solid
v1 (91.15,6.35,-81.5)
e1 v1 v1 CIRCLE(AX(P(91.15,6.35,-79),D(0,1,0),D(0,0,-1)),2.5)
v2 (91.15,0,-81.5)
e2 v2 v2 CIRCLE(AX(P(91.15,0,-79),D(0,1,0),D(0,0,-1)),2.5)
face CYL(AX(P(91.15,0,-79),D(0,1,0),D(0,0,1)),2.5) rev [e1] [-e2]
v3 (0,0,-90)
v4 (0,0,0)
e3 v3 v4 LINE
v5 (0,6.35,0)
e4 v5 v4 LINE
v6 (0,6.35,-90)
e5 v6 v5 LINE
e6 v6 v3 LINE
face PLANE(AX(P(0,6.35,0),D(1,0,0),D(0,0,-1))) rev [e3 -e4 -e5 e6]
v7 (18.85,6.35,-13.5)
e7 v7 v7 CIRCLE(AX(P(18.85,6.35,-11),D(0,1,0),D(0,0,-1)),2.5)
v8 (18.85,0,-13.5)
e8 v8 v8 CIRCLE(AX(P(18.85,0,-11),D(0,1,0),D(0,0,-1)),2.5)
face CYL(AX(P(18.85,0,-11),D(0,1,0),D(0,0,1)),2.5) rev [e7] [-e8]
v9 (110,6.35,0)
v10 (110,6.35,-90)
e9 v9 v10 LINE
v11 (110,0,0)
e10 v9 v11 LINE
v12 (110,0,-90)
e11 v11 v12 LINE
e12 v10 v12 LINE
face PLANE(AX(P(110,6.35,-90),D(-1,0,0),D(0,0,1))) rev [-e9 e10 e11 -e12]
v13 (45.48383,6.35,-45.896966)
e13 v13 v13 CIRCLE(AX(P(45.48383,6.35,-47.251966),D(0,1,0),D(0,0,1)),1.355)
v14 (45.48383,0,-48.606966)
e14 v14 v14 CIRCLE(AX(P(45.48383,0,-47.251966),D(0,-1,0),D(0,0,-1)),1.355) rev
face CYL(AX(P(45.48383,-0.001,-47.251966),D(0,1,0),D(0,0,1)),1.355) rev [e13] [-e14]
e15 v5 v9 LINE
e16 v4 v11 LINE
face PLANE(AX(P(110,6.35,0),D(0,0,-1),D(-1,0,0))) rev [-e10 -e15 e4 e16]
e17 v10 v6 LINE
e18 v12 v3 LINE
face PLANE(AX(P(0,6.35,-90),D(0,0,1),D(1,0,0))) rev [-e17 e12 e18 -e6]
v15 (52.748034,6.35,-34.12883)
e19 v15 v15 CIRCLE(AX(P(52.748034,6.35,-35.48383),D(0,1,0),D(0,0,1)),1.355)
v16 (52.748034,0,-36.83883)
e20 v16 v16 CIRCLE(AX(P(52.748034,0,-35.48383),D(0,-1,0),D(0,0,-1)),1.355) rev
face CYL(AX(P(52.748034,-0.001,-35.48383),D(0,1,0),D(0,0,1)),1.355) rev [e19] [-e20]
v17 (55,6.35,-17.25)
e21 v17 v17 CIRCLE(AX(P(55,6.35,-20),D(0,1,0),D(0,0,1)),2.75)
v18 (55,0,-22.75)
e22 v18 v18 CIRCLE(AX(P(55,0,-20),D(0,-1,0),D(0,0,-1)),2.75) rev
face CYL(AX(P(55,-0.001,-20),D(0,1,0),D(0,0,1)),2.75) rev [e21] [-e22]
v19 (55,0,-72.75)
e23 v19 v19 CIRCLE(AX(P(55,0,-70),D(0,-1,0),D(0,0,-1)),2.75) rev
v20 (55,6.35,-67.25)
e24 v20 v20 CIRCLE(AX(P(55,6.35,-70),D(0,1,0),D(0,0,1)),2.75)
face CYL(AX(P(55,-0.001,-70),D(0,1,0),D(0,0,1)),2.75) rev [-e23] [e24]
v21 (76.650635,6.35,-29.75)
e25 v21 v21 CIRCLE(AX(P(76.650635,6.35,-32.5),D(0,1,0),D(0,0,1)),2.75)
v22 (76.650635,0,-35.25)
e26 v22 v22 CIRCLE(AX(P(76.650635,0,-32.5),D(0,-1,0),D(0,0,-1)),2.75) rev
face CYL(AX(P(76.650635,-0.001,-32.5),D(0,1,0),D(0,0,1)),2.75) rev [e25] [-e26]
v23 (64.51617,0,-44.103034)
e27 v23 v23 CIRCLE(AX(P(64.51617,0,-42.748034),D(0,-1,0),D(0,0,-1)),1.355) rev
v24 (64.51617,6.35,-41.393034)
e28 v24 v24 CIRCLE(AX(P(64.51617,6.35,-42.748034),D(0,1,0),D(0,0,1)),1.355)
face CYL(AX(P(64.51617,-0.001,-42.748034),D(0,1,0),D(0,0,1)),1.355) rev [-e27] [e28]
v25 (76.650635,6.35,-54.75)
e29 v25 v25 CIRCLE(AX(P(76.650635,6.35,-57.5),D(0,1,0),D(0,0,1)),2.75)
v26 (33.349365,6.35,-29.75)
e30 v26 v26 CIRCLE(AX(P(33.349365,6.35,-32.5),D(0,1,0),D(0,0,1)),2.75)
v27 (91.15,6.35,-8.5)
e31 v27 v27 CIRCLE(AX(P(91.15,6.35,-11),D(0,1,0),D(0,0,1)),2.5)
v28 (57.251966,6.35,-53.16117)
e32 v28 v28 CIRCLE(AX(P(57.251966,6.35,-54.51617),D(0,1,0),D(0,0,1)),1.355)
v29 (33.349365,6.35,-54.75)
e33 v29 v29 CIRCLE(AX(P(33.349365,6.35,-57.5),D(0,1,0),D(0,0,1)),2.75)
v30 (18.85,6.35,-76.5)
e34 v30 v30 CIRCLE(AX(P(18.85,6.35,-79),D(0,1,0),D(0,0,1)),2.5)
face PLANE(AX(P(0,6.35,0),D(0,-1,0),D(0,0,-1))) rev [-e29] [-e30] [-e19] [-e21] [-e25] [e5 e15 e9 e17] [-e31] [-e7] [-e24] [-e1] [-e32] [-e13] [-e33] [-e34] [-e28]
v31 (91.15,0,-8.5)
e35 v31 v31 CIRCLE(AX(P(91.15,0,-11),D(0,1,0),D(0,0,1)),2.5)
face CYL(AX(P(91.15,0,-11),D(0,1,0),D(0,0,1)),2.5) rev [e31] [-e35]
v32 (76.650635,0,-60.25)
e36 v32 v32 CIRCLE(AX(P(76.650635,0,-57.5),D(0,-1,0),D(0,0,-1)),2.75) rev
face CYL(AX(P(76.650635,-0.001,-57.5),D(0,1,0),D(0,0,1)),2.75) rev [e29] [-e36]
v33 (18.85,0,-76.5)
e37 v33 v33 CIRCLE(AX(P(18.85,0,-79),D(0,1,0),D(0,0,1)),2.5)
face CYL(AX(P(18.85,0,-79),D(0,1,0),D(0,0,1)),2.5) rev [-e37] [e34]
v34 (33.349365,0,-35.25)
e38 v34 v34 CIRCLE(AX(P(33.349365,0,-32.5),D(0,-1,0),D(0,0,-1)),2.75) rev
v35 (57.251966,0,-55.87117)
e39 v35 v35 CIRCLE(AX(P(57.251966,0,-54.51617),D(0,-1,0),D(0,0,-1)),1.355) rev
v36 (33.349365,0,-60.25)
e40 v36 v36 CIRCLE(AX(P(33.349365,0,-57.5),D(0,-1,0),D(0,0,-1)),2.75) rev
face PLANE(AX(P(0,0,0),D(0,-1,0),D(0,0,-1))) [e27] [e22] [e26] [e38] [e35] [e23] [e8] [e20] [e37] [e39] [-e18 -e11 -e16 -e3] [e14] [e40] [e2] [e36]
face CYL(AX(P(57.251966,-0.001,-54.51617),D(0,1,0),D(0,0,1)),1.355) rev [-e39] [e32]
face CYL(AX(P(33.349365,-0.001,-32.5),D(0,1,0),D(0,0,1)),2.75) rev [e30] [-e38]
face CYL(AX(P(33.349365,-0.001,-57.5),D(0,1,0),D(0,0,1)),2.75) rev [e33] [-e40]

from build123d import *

# Parameters (mm, degrees)
SKETCH2_W            = 110
SKETCH2_H            = 90
BOSS_EXTRUDE1_DEPTH  = 6.35
SKETCH3_R            = 2.5
MOUNTING_HOLES_DEPTH = 143.268487375
CUT_EXTRUDE1_REACH   = 144.268
SKETCH4_R            = 2.75
CUT_EXTRUDE2_REACH   = 144.268
SKETCH5_R            = 1.355


with BuildPart() as part:
    # Sketch2 → Boss-Extrude1 (new body)
    with BuildSketch(Plane(origin=(0, 0, 0), x_dir=(1, 0, 0), z_dir=(0, 1, 0))):
        with Locations((55, 45)):
            Rectangle(SKETCH2_W, SKETCH2_H)
    extrude(amount=BOSS_EXTRUDE1_DEPTH)

    # Sketch3 → Mounting Holes (cut, through all)
    with BuildSketch(Plane(origin=(0, 6.35, 0), x_dir=(1, 0, 0), z_dir=(0, 1, 0))):
        with Locations(Location((18.85, 79, 0), (0, 0, 270))):
            Circle(SKETCH3_R)
        with Locations(Location((18.85, 11, 0), (0, 0, 90))):
            Circle(SKETCH3_R)
        with Locations(Location((91.15, 11, 0), (0, 0, 270))):
            Circle(SKETCH3_R)
        with Locations(Location((91.15, 79, 0), (0, 0, 90))):
            Circle(SKETCH3_R)
    extrude(amount=-MOUNTING_HOLES_DEPTH, mode=Mode.SUBTRACT)

    # Sketch4 → Cut-Extrude1 (cut, up to next)
    with BuildSketch(Plane(origin=(0, 6.35, 0), x_dir=(1, 0, 0), z_dir=(0, 1, 0)), mode=Mode.PRIVATE) as cut_extrude1_sk1:
        with Locations(Location((55, 70, 0), (0, 0, 270))):
            Circle(SKETCH4_R)
    cut_extrude1_tool1 = extrude(cut_extrude1_sk1.sketch, amount=-CUT_EXTRUDE1_REACH, mode=Mode.PRIVATE) & part.part
    # Sketch4 → Cut-Extrude1 (cut, up to next)
    with BuildSketch(Plane(origin=(0, 6.35, 0), x_dir=(1, 0, 0), z_dir=(0, 1, 0)), mode=Mode.PRIVATE) as cut_extrude1_sk2:
        with Locations(Location((76.650635095, 57.5, 0), (0, 0, 270))):
            Circle(SKETCH4_R)
    cut_extrude1_tool2 = extrude(cut_extrude1_sk2.sketch, amount=-CUT_EXTRUDE1_REACH, mode=Mode.PRIVATE) & part.part
    # Sketch4 → Cut-Extrude1 (cut, up to next)
    with BuildSketch(Plane(origin=(0, 6.35, 0), x_dir=(1, 0, 0), z_dir=(0, 1, 0)), mode=Mode.PRIVATE) as cut_extrude1_sk3:
        with Locations(Location((76.650635095, 32.5, 0), (0, 0, 270))):
            Circle(SKETCH4_R)
    cut_extrude1_tool3 = extrude(cut_extrude1_sk3.sketch, amount=-CUT_EXTRUDE1_REACH, mode=Mode.PRIVATE) & part.part
    # Sketch4 → Cut-Extrude1 (cut, up to next)
    with BuildSketch(Plane(origin=(0, 6.35, 0), x_dir=(1, 0, 0), z_dir=(0, 1, 0)), mode=Mode.PRIVATE) as cut_extrude1_sk4:
        with Locations(Location((55, 20, 0), (0, 0, 270))):
            Circle(SKETCH4_R)
    cut_extrude1_tool4 = extrude(cut_extrude1_sk4.sketch, amount=-CUT_EXTRUDE1_REACH, mode=Mode.PRIVATE) & part.part
    # Sketch4 → Cut-Extrude1 (cut, up to next)
    with BuildSketch(Plane(origin=(0, 6.35, 0), x_dir=(1, 0, 0), z_dir=(0, 1, 0)), mode=Mode.PRIVATE) as cut_extrude1_sk5:
        with Locations(Location((33.349364905, 32.5, 0), (0, 0, 270))):
            Circle(SKETCH4_R)
    cut_extrude1_tool5 = extrude(cut_extrude1_sk5.sketch, amount=-CUT_EXTRUDE1_REACH, mode=Mode.PRIVATE) & part.part
    # Sketch4 → Cut-Extrude1 (cut, up to next)
    with BuildSketch(Plane(origin=(0, 6.35, 0), x_dir=(1, 0, 0), z_dir=(0, 1, 0)), mode=Mode.PRIVATE) as cut_extrude1_sk6:
        with Locations(Location((33.349364905, 57.5, 0), (0, 0, 270))):
            Circle(SKETCH4_R)
    cut_extrude1_tool6 = extrude(cut_extrude1_sk6.sketch, amount=-CUT_EXTRUDE1_REACH, mode=Mode.PRIVATE) & part.part
    add(cut_extrude1_tool1.solids().sort_by_distance((55, 6.35, -70))[0], mode=Mode.SUBTRACT)
    add(cut_extrude1_tool2.solids().sort_by_distance((76.650635, 6.35, -57.5))[0], mode=Mode.SUBTRACT)
    add(cut_extrude1_tool3.solids().sort_by_distance((76.650635, 6.35, -32.5))[0], mode=Mode.SUBTRACT)
    add(cut_extrude1_tool4.solids().sort_by_distance((55, 6.35, -20))[0], mode=Mode.SUBTRACT)
    add(cut_extrude1_tool5.solids().sort_by_distance((33.349365, 6.35, -32.5))[0], mode=Mode.SUBTRACT)
    add(cut_extrude1_tool6.solids().sort_by_distance((33.349365, 6.35, -57.5))[0], mode=Mode.SUBTRACT)

    # Sketch5 → Cut-Extrude2 (cut, up to next)
    with BuildSketch(Plane(origin=(0, 6.35, 0), x_dir=(1, 0, 0), z_dir=(0, 1, 0)), mode=Mode.PRIVATE) as cut_extrude2_sk1:
        with Locations(Location((64.516169974, 42.748034189, 0), (0, 0, 270))):
            Circle(SKETCH5_R)
    cut_extrude2_tool1 = extrude(cut_extrude2_sk1.sketch, amount=-CUT_EXTRUDE2_REACH, mode=Mode.PRIVATE) & part.part
    # Sketch5 → Cut-Extrude2 (cut, up to next)
    with BuildSketch(Plane(origin=(0, 6.35, 0), x_dir=(1, 0, 0), z_dir=(0, 1, 0)), mode=Mode.PRIVATE) as cut_extrude2_sk2:
        with Locations(Location((45.483830025, 47.251965809, 0), (0, 0, 270))):
            Circle(SKETCH5_R)
    cut_extrude2_tool2 = extrude(cut_extrude2_sk2.sketch, amount=-CUT_EXTRUDE2_REACH, mode=Mode.PRIVATE) & part.part
    # Sketch5 → Cut-Extrude2 (cut, up to next)
    with BuildSketch(Plane(origin=(0, 6.35, 0), x_dir=(1, 0, 0), z_dir=(0, 1, 0)), mode=Mode.PRIVATE) as cut_extrude2_sk3:
        with Locations(Location((57.251965809, 54.516169974, 0), (0, 0, 270))):
            Circle(SKETCH5_R)
    cut_extrude2_tool3 = extrude(cut_extrude2_sk3.sketch, amount=-CUT_EXTRUDE2_REACH, mode=Mode.PRIVATE) & part.part
    # Sketch5 → Cut-Extrude2 (cut, up to next)
    with BuildSketch(Plane(origin=(0, 6.35, 0), x_dir=(1, 0, 0), z_dir=(0, 1, 0)), mode=Mode.PRIVATE) as cut_extrude2_sk4:
        with Locations(Location((52.74803419, 35.483830024, 0), (0, 0, 270))):
            Circle(SKETCH5_R)
    cut_extrude2_tool4 = extrude(cut_extrude2_sk4.sketch, amount=-CUT_EXTRUDE2_REACH, mode=Mode.PRIVATE) & part.part
    add(cut_extrude2_tool1.solids().sort_by_distance((64.51617, 6.35, -42.748034))[0], mode=Mode.SUBTRACT)
    add(cut_extrude2_tool2.solids().sort_by_distance((45.48383, 6.35, -47.251966))[0], mode=Mode.SUBTRACT)
    add(cut_extrude2_tool3.solids().sort_by_distance((57.251966, 6.35, -54.51617))[0], mode=Mode.SUBTRACT)
    add(cut_extrude2_tool4.solids().sort_by_distance((52.748034, 6.35, -35.48383))[0], mode=Mode.SUBTRACT)


solid = part.part
